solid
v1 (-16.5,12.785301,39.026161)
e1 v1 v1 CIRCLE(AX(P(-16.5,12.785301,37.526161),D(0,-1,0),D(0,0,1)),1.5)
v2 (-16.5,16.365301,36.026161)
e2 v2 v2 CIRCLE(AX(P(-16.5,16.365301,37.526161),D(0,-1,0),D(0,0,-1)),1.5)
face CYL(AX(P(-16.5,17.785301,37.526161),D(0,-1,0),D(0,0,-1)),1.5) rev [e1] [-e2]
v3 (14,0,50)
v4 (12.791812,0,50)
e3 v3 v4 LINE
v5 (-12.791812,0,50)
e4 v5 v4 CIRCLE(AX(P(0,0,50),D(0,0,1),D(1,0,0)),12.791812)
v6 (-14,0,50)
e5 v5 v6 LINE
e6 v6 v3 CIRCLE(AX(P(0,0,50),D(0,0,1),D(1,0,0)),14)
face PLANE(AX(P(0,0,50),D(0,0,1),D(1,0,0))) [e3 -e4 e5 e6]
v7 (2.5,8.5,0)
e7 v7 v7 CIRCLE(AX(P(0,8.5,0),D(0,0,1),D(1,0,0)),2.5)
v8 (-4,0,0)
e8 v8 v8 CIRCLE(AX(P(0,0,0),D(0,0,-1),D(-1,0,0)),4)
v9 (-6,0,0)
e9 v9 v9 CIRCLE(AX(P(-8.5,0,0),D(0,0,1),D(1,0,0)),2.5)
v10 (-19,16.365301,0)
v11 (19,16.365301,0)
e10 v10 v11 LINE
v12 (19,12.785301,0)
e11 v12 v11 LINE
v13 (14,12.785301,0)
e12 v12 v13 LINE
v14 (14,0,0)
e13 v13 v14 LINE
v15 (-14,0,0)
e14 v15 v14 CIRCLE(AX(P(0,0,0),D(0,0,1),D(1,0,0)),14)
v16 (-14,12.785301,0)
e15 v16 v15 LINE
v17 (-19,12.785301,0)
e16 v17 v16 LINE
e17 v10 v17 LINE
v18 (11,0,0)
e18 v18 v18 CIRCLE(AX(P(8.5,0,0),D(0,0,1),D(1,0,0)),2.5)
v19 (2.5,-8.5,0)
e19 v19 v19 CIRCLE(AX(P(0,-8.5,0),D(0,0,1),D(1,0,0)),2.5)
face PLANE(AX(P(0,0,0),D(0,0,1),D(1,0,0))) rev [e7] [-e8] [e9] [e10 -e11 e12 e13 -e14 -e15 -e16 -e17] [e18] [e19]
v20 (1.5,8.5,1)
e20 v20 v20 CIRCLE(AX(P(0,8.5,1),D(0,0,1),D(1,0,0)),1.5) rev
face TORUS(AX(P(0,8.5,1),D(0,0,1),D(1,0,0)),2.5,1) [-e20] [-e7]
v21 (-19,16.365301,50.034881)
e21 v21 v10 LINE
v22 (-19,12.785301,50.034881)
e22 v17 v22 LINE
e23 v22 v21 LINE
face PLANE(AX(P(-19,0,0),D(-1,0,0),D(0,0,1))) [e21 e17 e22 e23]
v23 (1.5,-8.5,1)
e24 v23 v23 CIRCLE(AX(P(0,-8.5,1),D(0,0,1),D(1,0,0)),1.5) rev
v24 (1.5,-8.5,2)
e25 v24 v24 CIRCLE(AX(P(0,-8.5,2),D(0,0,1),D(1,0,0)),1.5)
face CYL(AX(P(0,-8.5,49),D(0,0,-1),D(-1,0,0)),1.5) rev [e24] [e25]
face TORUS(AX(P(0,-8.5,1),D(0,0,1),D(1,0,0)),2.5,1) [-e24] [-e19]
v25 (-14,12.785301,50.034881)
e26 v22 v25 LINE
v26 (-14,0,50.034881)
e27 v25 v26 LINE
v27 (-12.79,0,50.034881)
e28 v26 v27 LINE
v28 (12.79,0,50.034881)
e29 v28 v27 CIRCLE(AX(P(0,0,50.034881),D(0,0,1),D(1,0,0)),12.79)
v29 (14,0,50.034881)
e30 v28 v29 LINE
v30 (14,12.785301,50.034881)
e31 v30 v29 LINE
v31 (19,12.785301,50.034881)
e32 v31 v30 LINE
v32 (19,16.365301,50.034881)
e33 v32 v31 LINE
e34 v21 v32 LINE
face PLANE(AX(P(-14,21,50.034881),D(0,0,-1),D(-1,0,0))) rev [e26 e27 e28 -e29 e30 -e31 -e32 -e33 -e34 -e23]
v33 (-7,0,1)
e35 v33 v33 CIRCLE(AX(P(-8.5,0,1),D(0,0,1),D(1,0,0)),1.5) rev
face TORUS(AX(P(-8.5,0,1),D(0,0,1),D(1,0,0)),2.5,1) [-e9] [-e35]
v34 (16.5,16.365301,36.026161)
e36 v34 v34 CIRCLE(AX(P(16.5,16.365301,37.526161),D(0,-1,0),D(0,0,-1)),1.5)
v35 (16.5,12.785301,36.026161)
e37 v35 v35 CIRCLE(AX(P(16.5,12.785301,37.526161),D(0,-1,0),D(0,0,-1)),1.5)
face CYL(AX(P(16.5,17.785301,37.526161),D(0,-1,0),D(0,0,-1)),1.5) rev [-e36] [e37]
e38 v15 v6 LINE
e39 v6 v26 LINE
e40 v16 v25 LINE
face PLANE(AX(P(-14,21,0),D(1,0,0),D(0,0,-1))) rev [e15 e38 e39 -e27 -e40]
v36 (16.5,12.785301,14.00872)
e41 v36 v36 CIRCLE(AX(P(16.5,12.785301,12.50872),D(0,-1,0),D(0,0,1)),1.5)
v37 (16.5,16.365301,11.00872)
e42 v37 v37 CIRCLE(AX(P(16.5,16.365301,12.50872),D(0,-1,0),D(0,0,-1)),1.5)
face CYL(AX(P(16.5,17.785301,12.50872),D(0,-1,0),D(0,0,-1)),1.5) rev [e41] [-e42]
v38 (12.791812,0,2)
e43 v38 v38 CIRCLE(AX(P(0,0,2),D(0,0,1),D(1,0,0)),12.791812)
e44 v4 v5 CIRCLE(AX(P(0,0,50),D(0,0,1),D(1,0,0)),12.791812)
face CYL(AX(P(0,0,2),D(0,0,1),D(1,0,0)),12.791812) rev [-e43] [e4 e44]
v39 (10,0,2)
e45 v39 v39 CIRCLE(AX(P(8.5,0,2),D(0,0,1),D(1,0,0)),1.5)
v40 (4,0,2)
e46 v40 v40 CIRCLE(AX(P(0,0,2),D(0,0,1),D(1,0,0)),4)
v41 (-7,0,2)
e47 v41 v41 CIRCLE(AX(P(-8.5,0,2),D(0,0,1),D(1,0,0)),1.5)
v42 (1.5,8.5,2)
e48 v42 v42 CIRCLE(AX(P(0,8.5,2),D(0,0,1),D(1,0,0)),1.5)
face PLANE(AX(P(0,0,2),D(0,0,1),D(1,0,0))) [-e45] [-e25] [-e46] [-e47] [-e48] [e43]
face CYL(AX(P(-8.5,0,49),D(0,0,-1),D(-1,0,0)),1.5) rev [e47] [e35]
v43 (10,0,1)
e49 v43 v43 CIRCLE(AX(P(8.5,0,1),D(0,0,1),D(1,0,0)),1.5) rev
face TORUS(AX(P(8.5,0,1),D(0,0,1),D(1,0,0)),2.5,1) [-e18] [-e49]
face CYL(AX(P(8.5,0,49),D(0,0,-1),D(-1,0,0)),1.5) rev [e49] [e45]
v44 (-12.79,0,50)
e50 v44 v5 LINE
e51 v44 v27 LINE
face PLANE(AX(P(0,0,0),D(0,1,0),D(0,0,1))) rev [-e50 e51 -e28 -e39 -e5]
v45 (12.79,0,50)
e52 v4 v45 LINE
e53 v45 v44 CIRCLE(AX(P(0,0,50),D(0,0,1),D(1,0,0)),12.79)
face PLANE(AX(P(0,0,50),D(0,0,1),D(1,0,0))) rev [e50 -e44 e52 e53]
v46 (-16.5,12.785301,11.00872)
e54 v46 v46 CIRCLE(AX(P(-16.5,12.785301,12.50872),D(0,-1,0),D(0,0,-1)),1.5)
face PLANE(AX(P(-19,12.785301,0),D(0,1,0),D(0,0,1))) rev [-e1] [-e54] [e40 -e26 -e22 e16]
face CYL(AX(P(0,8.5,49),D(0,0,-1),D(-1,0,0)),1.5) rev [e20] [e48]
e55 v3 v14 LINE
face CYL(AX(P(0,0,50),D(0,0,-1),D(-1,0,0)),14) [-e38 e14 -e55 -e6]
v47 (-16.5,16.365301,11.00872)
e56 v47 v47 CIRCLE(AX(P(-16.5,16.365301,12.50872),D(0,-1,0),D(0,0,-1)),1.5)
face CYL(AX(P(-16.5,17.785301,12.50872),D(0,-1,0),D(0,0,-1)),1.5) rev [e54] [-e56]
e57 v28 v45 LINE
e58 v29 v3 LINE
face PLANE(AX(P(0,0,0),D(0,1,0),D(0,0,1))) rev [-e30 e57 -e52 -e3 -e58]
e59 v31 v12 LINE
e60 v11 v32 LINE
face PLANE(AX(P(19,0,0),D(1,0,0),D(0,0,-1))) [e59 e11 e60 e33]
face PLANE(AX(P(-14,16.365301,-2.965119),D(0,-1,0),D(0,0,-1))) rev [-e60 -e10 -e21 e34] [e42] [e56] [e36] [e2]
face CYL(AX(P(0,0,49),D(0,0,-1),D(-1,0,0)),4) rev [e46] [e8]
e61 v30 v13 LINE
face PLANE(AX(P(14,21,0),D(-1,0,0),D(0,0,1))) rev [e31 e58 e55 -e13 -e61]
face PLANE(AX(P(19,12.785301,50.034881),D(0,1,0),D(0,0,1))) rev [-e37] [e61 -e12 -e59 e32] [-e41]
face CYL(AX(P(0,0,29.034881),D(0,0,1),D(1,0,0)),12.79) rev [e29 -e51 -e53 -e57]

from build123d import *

# Parameters (mm, degrees)
SKETCH1_R           = 14
BOSS_EXTRUDE1_DEPTH = 50
SKETCH5_W           = 28
SKETCH5_H           = 50.034880911
BOSS_EXTRUDE2_DEPTH = 21
SKETCH2_R           = 12.791811967
CUT_EXTRUDE1_DEPTH  = 48
SKETCH3_R           = 4
CUT_EXTRUDE2_DEPTH  = 49
SKETCH4_R           = 1.5
CUT_EXTRUDE3_DEPTH  = 49
SKETCH6_R           = 12.79
CUT_EXTRUDE5_DEPTH  = 21
SKETCH7_W           = 28
SKETCH7_H           = 4.634699127
CUT_EXTRUDE6_DEPTH  = 53
SKETCH8_W           = 50.034880911
SKETCH8_H           = 3.58
BOSS_EXTRUDE3_DEPTH = 5
SKETCH13_R          = 1.5
CUT_EXTRUDE7_DEPTH  = 5
SKETCH14_W          = 50.034880911
SKETCH14_H          = 3.58
BOSS_EXTRUDE4_DEPTH = 5
SKETCH15_R          = 1.5
CUT_EXTRUDE8_DEPTH  = 5
FILLET1_R           = 1
FILLET2_R           = 1


with BuildPart() as part:
    # Sketch1 → Boss-Extrude1 (new body)
    with BuildSketch(Plane.XY):
        Circle(SKETCH1_R)
    extrude(amount=BOSS_EXTRUDE1_DEPTH)

    # Sketch5 → Boss-Extrude2 (add)
    with BuildSketch(Plane(origin=(0, 0, 0), x_dir=(1, 0, 0), z_dir=(0, 1, 0))):
        with Locations((0, -25.017440456)):
            Rectangle(SKETCH5_W, SKETCH5_H)
    extrude(amount=BOSS_EXTRUDE2_DEPTH)

    # Sketch2 → Cut-Extrude1 (cut)
    with BuildSketch(Plane.XY.offset(50)):
        Circle(SKETCH2_R)
    extrude(amount=-CUT_EXTRUDE1_DEPTH, mode=Mode.SUBTRACT)

    # Sketch3 → Cut-Extrude2 (cut)
    with BuildSketch(Plane(origin=(0, 0, 0), x_dir=(-1, 0, 0), z_dir=(0, 0, -1))):
        Circle(SKETCH3_R)
    extrude(amount=-CUT_EXTRUDE2_DEPTH, mode=Mode.SUBTRACT)

    # Sketch4 → Cut-Extrude3 (cut)
    with BuildSketch(Plane(origin=(0, 0, 0), x_dir=(-1, 0, 0), z_dir=(0, 0, -1))):
        with Locations((0, -8.5)):
            Circle(SKETCH4_R)
        with Locations((0, 8.5)):
            Circle(SKETCH4_R)
        with Locations((8.5, 0)):
            Circle(SKETCH4_R)
        with Locations((-8.5, 0)):
            Circle(SKETCH4_R)
    extrude(amount=-CUT_EXTRUDE3_DEPTH, mode=Mode.SUBTRACT)

    # Sketch6 → Cut-Extrude5 (cut)
    with BuildSketch(Plane.XY.offset(50.034880911)):
        Circle(SKETCH6_R)
    extrude(amount=-CUT_EXTRUDE5_DEPTH, mode=Mode.SUBTRACT)

    # Sketch7 → Cut-Extrude6 (cut)
    with BuildSketch(Plane.XY.offset(50.034880911)):
        with Locations((0, 18.682650437)):
            Rectangle(SKETCH7_W, SKETCH7_H)
    extrude(amount=-CUT_EXTRUDE6_DEPTH, mode=Mode.SUBTRACT)

    # Sketch8 → Boss-Extrude3 (add)
    with BuildSketch(Plane(origin=(14, 0, 0), x_dir=(0, 0, -1), z_dir=(1, 0, 0))):
        with Locations((-25.017440456, 14.575300873)):
            Rectangle(SKETCH8_W, SKETCH8_H)
    extrude(amount=BOSS_EXTRUDE3_DEPTH)

    # Sketch13 → Cut-Extrude7 (cut)
    with BuildSketch(Plane.XZ.offset(-12.785300873)):
        with Locations((16.5, 37.526160683)):
            Circle(SKETCH13_R)
        with Locations((16.5, 12.508720228)):
            Circle(SKETCH13_R)
    extrude(amount=-CUT_EXTRUDE7_DEPTH, mode=Mode.SUBTRACT)

    # Sketch14 → Boss-Extrude4 (add)
    with BuildSketch(Plane.ZY.offset(14)):
        with Locations((25.017440456, 14.575300873)):
            Rectangle(SKETCH14_W, SKETCH14_H)
    extrude(amount=BOSS_EXTRUDE4_DEPTH)

    # Sketch15 → Cut-Extrude8 (cut)
    with BuildSketch(Plane.XZ.offset(-12.785300873)):
        with Locations((-16.5, 12.508720228)):
            Circle(SKETCH15_R)
        with Locations((-16.5, 37.526160683)):
            Circle(SKETCH15_R)
    extrude(amount=-CUT_EXTRUDE8_DEPTH, mode=Mode.SUBTRACT)

    # Fillet1
    fillet1_edges = [part.edges().sort_by_distance(p)[0] for p in [
        (10, 0, 0),
    ]]
    fillet(fillet1_edges, radius=FILLET1_R)

    # Fillet2
    fillet2_edges = [part.edges().sort_by_distance(p)[0] for p in [
        (1.5, -8.5, 0),
        (1.5, 8.5, 0),
        (-7, 0, 0),
    ]]
    fillet(fillet2_edges, radius=FILLET2_R)


solid = part.part
